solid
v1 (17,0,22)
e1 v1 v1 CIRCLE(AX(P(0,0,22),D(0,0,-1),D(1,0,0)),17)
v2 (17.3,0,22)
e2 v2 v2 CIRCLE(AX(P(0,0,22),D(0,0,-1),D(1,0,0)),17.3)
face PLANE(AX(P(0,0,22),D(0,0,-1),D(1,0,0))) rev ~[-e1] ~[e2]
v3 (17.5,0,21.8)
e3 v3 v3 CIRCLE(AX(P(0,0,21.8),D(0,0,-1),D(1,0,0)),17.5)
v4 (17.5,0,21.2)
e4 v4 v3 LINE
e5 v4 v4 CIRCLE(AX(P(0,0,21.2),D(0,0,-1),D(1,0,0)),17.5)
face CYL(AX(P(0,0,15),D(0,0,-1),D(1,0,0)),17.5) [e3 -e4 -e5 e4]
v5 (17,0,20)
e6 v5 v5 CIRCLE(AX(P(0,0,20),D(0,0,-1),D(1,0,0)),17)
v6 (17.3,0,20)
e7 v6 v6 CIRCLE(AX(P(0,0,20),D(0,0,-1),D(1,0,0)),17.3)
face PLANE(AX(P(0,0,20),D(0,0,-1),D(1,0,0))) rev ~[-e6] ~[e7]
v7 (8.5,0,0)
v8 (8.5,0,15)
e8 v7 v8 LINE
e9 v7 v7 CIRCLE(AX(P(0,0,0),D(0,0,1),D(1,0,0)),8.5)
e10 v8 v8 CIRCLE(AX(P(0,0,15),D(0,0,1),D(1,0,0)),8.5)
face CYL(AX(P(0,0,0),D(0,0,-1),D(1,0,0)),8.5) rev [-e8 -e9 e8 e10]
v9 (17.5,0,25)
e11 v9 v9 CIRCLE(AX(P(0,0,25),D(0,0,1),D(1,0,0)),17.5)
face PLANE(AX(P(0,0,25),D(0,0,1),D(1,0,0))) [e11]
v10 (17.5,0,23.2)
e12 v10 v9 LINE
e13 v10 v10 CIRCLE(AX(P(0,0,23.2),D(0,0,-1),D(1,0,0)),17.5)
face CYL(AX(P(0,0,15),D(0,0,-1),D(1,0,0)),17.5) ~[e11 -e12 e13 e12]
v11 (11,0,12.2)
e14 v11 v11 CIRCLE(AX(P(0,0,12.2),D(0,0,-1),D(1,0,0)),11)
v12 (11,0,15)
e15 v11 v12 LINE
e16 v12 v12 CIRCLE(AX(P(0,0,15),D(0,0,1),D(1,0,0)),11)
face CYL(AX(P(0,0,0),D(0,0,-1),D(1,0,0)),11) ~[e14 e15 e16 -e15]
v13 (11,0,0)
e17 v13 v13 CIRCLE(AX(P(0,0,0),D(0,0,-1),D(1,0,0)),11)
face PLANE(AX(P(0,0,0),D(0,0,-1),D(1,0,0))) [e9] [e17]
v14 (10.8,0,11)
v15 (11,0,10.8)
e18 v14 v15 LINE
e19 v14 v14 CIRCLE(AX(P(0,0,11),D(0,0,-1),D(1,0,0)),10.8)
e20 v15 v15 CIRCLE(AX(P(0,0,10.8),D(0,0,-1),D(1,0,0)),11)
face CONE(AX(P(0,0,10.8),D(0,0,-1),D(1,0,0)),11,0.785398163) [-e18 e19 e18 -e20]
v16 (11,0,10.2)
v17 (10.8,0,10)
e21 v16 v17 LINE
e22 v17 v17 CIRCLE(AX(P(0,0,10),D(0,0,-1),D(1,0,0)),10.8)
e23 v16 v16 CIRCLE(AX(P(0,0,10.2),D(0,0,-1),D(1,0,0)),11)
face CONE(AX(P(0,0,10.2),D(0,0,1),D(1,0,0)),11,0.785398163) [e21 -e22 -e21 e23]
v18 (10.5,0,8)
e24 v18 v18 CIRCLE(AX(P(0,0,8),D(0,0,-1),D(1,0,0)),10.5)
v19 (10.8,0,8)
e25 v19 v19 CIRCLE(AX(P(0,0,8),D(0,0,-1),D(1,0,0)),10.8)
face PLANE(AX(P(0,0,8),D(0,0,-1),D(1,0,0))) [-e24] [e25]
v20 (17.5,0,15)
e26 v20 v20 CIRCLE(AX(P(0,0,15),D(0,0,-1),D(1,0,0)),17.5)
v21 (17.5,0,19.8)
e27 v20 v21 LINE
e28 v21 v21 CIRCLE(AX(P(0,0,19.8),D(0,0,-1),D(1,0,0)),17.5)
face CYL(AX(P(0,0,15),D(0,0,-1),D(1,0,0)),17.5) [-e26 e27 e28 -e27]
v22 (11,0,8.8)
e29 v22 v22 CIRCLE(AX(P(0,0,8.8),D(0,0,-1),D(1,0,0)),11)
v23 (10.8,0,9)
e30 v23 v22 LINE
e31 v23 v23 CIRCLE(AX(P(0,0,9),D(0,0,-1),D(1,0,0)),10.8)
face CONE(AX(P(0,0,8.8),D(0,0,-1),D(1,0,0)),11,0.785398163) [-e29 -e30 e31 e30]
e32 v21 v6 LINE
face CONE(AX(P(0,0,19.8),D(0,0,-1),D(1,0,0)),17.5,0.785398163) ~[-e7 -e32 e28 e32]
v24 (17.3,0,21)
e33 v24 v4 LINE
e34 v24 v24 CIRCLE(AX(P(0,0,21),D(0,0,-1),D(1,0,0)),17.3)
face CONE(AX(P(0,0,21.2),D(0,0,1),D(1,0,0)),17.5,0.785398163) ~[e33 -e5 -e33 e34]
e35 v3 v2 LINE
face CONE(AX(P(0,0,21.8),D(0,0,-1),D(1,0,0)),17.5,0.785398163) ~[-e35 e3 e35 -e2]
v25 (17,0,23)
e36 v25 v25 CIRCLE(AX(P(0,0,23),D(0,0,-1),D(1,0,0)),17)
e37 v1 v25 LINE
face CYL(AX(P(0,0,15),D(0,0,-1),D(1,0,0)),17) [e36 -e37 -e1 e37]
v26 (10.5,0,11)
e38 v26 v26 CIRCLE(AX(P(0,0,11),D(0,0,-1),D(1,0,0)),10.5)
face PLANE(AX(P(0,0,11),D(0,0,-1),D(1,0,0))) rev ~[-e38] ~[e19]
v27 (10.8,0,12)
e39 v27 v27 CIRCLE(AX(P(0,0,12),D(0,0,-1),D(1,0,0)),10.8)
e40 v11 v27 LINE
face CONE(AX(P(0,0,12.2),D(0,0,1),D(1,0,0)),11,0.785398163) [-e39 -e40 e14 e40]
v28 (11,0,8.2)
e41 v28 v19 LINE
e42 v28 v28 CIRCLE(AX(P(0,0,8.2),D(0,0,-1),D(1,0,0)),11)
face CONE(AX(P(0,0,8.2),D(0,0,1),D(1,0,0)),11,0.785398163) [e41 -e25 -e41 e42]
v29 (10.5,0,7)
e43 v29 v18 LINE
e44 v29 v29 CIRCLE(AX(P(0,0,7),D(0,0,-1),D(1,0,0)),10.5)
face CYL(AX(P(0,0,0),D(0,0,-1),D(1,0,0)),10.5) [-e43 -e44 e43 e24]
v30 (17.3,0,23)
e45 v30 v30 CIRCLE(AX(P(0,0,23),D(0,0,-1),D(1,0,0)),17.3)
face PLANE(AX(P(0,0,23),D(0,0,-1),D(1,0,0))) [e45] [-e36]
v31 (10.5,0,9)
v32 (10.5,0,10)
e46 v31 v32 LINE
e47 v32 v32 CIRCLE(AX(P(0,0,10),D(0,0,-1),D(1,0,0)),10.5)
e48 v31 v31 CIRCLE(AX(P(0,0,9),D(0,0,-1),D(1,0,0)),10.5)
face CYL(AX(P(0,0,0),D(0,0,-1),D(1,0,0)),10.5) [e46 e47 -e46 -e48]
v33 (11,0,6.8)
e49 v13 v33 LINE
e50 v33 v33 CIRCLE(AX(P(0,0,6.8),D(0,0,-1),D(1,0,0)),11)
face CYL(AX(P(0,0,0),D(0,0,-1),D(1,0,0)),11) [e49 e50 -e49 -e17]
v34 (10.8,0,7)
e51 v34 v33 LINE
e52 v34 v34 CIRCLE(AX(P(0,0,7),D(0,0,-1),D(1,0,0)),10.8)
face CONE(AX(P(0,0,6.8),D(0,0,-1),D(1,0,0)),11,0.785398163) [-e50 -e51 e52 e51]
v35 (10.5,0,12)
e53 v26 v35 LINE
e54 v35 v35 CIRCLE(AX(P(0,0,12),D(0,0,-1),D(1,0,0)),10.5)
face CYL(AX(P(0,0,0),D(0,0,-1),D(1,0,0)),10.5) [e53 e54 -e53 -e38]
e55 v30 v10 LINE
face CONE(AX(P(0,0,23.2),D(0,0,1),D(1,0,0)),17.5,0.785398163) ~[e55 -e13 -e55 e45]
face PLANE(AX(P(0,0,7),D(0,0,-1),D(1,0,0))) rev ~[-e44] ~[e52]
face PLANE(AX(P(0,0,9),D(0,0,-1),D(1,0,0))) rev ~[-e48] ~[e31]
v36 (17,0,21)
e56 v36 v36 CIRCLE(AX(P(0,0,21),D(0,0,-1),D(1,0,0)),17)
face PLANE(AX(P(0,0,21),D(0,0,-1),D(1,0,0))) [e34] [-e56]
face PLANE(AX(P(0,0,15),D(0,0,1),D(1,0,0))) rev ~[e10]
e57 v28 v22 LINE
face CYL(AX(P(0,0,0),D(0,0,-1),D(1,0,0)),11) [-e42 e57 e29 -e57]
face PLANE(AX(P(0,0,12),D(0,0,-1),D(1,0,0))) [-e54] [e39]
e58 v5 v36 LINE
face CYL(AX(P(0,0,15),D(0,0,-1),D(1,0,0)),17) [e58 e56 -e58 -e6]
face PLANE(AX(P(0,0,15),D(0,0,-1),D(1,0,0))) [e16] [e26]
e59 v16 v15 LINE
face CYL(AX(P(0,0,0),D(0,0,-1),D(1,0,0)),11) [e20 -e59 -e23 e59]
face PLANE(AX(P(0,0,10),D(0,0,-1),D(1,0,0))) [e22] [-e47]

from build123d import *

# Parameters (mm, degrees)
F0_R      = 11
F0_R_2    = 8.5
F1_DEPTH  = 15
F2_R      = 17.5
F3_DEPTH  = 10
F4_R      = 11
F4_R_2    = 10.5
F5_DEPTH  = 12
F6_R      = 11
F6_R_2    = 10.5
F7_DEPTH  = 11
F8_R      = 11
F8_R_2    = 10.5
F9_DEPTH  = 10
F10_R     = 11
F10_R_2   = 10.5
F11_DEPTH = 9
F12_R     = 11
F12_R_2   = 10.5
F13_DEPTH = 8
F14_R     = 11
F14_R_2   = 10.5
F15_DEPTH = 7
F16_R     = 17.5
F16_R_2   = 17
F17_DEPTH = 8
F18_R     = 17.5
F18_R_2   = 17
F19_DEPTH = 7
F20_R     = 17.5
F20_R_2   = 17
F21_DEPTH = 6
F22_R     = 17.5
F22_R_2   = 17
F23_DEPTH = 5
F24_SIZE  = 0.2


with BuildPart() as f1:
    # F0 (on Top) → F1 (new body)
    with BuildSketch(Plane.XY):
        Circle(F0_R)
        Circle(F0_R_2, mode=Mode.SUBTRACT)
    extrude(amount=F1_DEPTH)

    # F2 (on face) → F3 (join)
    with BuildSketch(Plane.XY.offset(15)):
        Circle(F2_R)
    extrude(amount=F3_DEPTH)

    # F4 (on face) → F5 (cut)
    with BuildSketch(Plane(origin=(0, 0, 0), x_dir=(1, 0, 0), z_dir=(0, 0, -1))):
        Circle(F4_R)
        Circle(F4_R_2, mode=Mode.SUBTRACT)
    extrude(amount=-F5_DEPTH, mode=Mode.SUBTRACT)

    # F6 (on face) → F7 (join)
    with BuildSketch(Plane(origin=(0, 0, 0), x_dir=(1, 0, 0), z_dir=(0, 0, -1))):
        Circle(F6_R)
        Circle(F6_R_2, mode=Mode.SUBTRACT)
    extrude(amount=-F7_DEPTH)

    # F8 (on face) → F9 (cut)
    with BuildSketch(Plane(origin=(0, 0, 0), x_dir=(1, 0, 0), z_dir=(0, 0, -1))):
        Circle(F8_R)
        Circle(F8_R_2, mode=Mode.SUBTRACT)
    extrude(amount=-F9_DEPTH, mode=Mode.SUBTRACT)

    # F10 (on face) → F11 (join)
    with BuildSketch(Plane(origin=(0, 0, 0), x_dir=(1, 0, 0), z_dir=(0, 0, -1))):
        Circle(F10_R)
        Circle(F10_R_2, mode=Mode.SUBTRACT)
    extrude(amount=-F11_DEPTH)

    # F12 (on face) → F13 (cut)
    with BuildSketch(Plane(origin=(0, 0, 0), x_dir=(1, 0, 0), z_dir=(0, 0, -1))):
        Circle(F12_R)
        Circle(F12_R_2, mode=Mode.SUBTRACT)
    extrude(amount=-F13_DEPTH, mode=Mode.SUBTRACT)

    # F14 (on face) → F15 (join)
    with BuildSketch(Plane(origin=(0, 0, 0), x_dir=(1, 0, 0), z_dir=(0, 0, -1))):
        Circle(F14_R)
        Circle(F14_R_2, mode=Mode.SUBTRACT)
    extrude(amount=-F15_DEPTH)

    # F16 (on face) → F17 (cut)
    with BuildSketch(Plane(origin=(0, 0, 15), x_dir=(1, 0, 0), z_dir=(0, 0, -1))):
        Circle(F16_R)
        Circle(F16_R_2, mode=Mode.SUBTRACT)
    extrude(amount=-F17_DEPTH, mode=Mode.SUBTRACT)

    # F18 (on face) → F19 (join)
    with BuildSketch(Plane(origin=(0, 0, 15), x_dir=(1, 0, 0), z_dir=(0, 0, -1))):
        Circle(F18_R)
        Circle(F18_R_2, mode=Mode.SUBTRACT)
    extrude(amount=-F19_DEPTH)

    # F20 (on face) → F21 (cut)
    with BuildSketch(Plane(origin=(0, 0, 15), x_dir=(1, 0, 0), z_dir=(0, 0, -1))):
        Circle(F20_R)
        Circle(F20_R_2, mode=Mode.SUBTRACT)
    extrude(amount=-F21_DEPTH, mode=Mode.SUBTRACT)

    # F22 (on face) → F23 (join)
    with BuildSketch(Plane(origin=(0, 0, 15), x_dir=(1, 0, 0), z_dir=(0, 0, -1))):
        Circle(F22_R)
        Circle(F22_R_2, mode=Mode.SUBTRACT)
    extrude(amount=-F23_DEPTH)

    # F24
    f24_edges = [f1.edges().sort_by_distance(p)[0] for p in [
        (-17.5, 0, 23),
        (-17.5, 0, 22),
        (-17.5, 0, 20),
        (-17.5, 0, 21),
        (-11, 0, 12),
        (-11, 0, 10),
        (-11, 0, 11),
        (-11, 0, 9),
        (-11, 0, 8),
        (-11, 0, 7),
    ]]
    chamfer(f24_edges, length=F24_SIZE)


solid = f1.part
